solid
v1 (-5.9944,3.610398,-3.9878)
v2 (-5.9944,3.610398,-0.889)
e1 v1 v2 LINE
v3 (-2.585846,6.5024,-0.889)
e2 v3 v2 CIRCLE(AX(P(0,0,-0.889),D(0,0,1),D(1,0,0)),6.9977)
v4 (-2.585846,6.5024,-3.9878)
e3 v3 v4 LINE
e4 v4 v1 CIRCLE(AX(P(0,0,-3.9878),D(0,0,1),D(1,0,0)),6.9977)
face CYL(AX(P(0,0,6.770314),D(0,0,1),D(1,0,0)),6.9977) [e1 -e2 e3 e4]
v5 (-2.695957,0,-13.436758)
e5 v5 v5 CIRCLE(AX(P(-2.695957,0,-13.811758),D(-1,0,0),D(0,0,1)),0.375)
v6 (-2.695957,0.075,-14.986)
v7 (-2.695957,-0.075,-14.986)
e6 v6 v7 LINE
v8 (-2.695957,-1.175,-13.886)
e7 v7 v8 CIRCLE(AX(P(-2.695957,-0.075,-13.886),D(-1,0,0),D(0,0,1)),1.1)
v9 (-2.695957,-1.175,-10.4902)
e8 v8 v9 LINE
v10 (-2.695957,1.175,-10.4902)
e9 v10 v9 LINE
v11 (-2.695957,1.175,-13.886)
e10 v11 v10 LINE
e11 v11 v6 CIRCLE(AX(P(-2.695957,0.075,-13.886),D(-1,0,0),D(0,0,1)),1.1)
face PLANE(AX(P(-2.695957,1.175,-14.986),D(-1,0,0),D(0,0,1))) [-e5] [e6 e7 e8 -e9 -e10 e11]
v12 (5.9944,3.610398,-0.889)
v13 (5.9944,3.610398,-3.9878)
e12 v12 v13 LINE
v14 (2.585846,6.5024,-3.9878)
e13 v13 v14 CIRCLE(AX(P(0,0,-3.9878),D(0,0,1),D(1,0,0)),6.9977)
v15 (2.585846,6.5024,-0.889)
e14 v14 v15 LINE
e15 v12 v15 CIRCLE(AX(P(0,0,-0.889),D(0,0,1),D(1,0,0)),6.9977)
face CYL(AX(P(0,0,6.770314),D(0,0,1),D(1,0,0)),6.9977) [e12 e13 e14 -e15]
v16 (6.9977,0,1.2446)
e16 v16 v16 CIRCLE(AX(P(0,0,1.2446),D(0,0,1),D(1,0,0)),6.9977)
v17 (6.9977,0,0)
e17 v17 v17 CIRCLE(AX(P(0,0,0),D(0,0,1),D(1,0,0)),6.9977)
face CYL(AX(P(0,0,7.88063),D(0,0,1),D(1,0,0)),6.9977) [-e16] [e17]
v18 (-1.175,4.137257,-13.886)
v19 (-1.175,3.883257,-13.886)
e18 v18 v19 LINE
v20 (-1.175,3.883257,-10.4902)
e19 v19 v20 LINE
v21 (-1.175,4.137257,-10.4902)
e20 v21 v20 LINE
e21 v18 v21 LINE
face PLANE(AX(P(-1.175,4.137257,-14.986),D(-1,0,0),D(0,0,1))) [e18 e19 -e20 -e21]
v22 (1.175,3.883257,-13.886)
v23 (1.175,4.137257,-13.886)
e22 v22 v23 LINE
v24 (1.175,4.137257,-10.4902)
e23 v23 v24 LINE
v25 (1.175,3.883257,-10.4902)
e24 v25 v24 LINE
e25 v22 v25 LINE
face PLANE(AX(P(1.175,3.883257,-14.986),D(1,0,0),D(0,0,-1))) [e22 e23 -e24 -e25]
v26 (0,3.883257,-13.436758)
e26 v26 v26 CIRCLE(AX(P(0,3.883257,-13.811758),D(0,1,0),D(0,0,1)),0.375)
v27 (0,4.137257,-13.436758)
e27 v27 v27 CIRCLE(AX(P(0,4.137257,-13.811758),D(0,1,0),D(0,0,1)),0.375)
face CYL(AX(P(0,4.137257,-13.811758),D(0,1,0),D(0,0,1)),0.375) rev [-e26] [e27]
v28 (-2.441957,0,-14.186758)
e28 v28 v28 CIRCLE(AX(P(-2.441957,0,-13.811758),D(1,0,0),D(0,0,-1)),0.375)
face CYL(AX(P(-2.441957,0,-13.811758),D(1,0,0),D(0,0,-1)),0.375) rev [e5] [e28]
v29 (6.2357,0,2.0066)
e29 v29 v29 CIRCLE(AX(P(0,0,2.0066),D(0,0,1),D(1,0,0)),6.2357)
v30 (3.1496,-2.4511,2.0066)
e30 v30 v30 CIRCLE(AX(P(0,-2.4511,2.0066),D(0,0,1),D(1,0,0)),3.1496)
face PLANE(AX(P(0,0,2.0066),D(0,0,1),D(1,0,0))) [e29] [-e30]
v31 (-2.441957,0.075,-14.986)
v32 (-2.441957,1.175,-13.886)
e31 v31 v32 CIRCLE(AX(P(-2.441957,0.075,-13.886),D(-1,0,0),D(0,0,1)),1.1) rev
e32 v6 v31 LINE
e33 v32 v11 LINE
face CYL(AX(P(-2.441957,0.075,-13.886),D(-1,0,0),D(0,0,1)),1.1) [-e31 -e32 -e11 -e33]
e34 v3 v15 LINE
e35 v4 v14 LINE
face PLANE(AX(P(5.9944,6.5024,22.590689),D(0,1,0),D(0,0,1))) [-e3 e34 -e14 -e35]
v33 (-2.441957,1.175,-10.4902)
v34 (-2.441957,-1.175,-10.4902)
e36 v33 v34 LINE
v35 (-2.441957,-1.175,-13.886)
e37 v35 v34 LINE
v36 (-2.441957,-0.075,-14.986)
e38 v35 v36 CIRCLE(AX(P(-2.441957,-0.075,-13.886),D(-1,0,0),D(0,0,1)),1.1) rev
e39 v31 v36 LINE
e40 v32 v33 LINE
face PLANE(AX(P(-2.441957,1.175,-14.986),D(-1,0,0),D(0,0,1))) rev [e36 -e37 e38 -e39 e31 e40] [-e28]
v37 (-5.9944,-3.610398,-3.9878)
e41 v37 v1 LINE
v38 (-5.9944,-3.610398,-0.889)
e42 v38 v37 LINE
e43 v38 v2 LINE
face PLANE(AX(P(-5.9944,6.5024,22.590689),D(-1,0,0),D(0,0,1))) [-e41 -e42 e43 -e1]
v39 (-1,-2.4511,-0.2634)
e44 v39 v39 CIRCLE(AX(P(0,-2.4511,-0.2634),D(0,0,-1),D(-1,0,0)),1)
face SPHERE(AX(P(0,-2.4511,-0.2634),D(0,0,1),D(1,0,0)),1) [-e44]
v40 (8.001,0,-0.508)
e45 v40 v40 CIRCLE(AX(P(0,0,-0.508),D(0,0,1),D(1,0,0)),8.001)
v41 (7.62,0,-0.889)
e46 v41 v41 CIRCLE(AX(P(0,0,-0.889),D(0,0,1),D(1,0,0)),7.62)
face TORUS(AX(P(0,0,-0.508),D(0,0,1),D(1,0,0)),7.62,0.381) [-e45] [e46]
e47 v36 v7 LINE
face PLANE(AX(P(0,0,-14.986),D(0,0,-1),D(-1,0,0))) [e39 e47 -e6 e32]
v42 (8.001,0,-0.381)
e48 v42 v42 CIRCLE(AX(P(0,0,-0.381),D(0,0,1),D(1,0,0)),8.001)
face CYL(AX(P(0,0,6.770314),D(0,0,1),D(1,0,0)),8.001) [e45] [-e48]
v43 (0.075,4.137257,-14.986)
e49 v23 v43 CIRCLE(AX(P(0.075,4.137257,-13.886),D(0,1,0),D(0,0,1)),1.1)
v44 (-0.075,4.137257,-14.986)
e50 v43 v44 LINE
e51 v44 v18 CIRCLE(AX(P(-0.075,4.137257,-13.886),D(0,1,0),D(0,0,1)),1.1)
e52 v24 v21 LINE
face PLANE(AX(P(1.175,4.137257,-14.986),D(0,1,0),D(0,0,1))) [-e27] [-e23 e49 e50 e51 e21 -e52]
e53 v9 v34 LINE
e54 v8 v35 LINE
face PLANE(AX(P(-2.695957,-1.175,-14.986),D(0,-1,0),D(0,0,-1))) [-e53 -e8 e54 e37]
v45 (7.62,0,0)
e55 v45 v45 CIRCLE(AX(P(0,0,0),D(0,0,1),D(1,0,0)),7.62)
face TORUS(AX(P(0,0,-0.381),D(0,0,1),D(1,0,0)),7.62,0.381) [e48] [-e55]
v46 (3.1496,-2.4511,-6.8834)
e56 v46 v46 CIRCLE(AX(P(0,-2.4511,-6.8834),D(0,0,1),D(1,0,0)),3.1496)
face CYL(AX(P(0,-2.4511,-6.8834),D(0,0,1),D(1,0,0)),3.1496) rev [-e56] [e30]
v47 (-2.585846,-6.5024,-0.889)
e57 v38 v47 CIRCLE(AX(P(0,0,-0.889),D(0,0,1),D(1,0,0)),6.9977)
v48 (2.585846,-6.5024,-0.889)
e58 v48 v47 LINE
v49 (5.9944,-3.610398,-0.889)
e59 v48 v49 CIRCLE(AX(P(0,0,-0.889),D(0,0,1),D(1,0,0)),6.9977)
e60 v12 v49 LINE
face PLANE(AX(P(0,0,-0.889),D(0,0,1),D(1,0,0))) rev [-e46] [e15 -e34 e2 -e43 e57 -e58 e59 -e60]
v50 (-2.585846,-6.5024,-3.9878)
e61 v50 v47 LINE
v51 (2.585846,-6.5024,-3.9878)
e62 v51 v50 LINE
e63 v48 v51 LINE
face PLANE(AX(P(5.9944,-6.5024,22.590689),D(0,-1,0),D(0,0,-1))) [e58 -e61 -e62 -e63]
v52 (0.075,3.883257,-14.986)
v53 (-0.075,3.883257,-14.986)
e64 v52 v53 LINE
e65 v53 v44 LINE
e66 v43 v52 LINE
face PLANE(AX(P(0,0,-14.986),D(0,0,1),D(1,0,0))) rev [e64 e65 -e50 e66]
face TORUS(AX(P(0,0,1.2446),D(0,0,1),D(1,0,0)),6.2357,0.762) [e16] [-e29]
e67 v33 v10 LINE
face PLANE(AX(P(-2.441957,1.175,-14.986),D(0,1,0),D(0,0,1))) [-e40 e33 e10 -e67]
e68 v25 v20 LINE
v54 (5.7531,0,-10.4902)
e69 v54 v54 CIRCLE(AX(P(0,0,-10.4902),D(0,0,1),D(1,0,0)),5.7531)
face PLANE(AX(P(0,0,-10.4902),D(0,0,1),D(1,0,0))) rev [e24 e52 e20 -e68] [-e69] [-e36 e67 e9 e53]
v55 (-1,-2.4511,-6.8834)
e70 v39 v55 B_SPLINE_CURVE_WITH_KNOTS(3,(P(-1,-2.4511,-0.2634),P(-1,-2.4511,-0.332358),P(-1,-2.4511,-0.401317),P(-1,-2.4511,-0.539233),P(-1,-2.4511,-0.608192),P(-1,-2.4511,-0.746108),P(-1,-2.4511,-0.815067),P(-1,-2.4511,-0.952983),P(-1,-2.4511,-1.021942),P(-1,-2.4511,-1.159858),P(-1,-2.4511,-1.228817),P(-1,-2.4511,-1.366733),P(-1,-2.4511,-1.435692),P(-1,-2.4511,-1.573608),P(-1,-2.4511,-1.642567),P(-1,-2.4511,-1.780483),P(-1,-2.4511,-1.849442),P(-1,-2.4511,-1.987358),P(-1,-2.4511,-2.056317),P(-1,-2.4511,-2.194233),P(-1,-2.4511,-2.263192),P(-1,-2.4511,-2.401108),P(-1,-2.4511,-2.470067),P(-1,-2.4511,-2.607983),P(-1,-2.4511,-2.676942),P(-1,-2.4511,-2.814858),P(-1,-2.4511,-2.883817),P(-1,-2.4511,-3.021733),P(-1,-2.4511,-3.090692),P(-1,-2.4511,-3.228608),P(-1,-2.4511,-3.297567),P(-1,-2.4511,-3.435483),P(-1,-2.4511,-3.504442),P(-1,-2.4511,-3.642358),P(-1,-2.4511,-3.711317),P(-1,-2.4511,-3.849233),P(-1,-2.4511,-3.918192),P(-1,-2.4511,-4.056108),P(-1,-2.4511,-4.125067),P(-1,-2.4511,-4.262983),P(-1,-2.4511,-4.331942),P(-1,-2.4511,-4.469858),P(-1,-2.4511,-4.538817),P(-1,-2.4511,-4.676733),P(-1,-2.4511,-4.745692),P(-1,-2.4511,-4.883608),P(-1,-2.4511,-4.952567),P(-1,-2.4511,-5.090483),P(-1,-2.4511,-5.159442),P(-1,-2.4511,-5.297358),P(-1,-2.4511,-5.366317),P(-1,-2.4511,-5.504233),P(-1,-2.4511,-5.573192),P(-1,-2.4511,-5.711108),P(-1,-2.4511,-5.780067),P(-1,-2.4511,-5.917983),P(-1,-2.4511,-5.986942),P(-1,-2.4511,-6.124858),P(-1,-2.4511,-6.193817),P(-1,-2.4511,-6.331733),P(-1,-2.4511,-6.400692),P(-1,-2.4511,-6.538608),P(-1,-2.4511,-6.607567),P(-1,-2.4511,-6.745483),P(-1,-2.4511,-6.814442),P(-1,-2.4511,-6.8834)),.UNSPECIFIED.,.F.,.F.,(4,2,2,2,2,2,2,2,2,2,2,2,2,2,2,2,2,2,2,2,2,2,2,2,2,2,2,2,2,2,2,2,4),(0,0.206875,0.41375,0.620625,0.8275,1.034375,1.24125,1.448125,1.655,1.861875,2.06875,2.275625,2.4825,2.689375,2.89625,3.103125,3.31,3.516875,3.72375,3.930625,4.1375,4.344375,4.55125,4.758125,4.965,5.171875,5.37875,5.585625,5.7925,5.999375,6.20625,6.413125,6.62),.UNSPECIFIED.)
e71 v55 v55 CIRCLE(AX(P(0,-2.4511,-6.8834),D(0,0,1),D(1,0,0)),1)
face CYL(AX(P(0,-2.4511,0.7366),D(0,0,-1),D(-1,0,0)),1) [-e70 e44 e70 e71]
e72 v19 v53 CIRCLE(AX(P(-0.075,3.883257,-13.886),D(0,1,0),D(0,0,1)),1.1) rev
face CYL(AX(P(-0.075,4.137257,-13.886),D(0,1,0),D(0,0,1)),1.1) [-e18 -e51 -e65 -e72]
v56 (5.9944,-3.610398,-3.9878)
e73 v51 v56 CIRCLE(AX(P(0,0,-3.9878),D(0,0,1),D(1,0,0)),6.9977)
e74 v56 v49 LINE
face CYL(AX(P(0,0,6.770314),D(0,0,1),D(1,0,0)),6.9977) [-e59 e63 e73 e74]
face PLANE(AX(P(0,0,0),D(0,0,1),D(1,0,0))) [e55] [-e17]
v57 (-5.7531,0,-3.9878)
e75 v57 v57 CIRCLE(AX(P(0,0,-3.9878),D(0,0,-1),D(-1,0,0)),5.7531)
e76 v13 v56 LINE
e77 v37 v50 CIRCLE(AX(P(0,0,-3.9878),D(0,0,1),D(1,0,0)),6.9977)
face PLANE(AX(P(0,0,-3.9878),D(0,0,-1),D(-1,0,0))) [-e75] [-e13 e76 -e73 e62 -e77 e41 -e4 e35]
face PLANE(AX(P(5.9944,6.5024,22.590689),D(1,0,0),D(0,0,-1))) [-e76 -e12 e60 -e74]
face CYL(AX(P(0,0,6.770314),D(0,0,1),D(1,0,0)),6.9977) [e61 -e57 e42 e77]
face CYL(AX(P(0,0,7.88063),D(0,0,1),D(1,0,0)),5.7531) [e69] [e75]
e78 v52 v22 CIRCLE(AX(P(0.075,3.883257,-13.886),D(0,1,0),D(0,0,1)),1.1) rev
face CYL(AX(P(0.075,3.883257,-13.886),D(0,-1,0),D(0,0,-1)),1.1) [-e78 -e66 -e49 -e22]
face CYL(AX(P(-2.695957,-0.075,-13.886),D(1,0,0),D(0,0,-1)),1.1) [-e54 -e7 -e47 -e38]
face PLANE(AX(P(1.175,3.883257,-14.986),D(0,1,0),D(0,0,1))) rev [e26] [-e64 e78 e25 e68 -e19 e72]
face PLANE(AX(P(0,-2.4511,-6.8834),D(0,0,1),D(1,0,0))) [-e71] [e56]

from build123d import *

# Parameters (mm, degrees)
SKETCH2_W                    = 10.4902
SKETCH2_H                    = 5.7531
SKETCH3_W                    = 3.0988
SKETCH3_H                    = 1.2446
SKETCH4_R                    = 3.1496
CUT_EXTRUDE1_DEPTH           = 8.89
SKETCH5_R                    = 1
BOSS_EXTRUDE1_DEPTH          = 7.62
FILLET1_R                    = 1
SKETCH6_W                    = 2.35
SKETCH6_H                    = 0.254
SKETCH6_W_2                  = 0.254
SKETCH6_H_2                  = 2.35
EXTRUDE_THIN1_DEPTH          = 4.4958
FILLET2_R                    = 1.1
F_0_75_0_75_DIAMETER_HOLE1_D = 0.75
F_0_75_0_75_DIAMETER_HOLE2_D = 0.75
SKETCH16_OUTSIDE_W           = 23.662
SKETCH16_OUTSIDE_H           = 23.662
SKETCH16_OUTSIDE_W_2         = 11.9888
SKETCH16_OUTSIDE_H_2         = 13.0048
CUT_EXTRUDE2_DEPTH           = 9.6012


with BuildPart() as part:
    # Sketch2 → Revolve1 (revolve)
    with BuildSketch(Plane(origin=(0, 0, 0), x_dir=(0, 0, -1), z_dir=(1, 0, 0)), mode=Mode.PRIVATE) as revolve1_sk:
        with BuildLine():
            Line((-2.0066, 0), (0, 0))
            Line((0, 0), (0, 5.7531))
            Line((0, 5.7531), (0, 6.9977))
            Line((0, 6.9977), (-1.2446, 6.9977))
            ThreePointArc((-1.2446, 6.9977), (-1.783415367, 6.774515367), (-2.0066, 6.2357))
            Line((-2.0066, 6.2357), (-2.0066, 0))
        make_face()
        with Locations((5.2451, 2.87655)):
            Rectangle(SKETCH2_W, SKETCH2_H)
    revolve(revolve1_sk.sketch.rotate(Axis((0, 0, 7.880629527), (0, 0, -1)), 90), axis=Axis((0, 0, 7.880629527), (0, 0, -1)))

    # Sketch4 → Cut-Extrude1 (cut)
    with BuildSketch(Plane.XY.offset(2.0066)):
        with Locations((0, -2.4511)):
            Circle(SKETCH4_R)
    extrude(amount=-CUT_EXTRUDE1_DEPTH, mode=Mode.SUBTRACT)


with BuildPart() as body_2:
    # Sketch3 → Revolve2 (revolve)
    with BuildSketch(Plane(origin=(0, 0, 0), x_dir=(0, 0, -1), z_dir=(1, 0, 0)), mode=Mode.PRIVATE) as revolve2_sk:
        with Locations((2.4384, 6.3754)):
            Rectangle(SKETCH3_W, SKETCH3_H)
        with BuildLine():
            ThreePointArc((0, 7.62), (0.111592316, 7.889407684), (0.381, 8.001))
            Line((0.381, 8.001), (0.508, 8.001))
            ThreePointArc((0.508, 8.001), (0.777407684, 7.889407684), (0.889, 7.62))
            Line((0.889, 7.62), (0.889, 5.7531))
            Line((0.889, 5.7531), (0, 5.7531))
            Line((0, 5.7531), (0, 7.62))
        make_face()
    revolve(revolve2_sk.sketch.rotate(Axis((0, 0, 6.77031441), (0, 0, -1)), 90), axis=Axis((0, 0, 6.77031441), (0, 0, -1)))


    add(part.part)  # Boss-Extrude1 merges part
    # Sketch5 → Boss-Extrude1 (add)
    with BuildSketch(Plane.XY.offset(-6.8834)):
        with Locations(Location((0, -2.4511, 0), (0, 0, 180))):
            Circle(SKETCH5_R)
    extrude(amount=BOSS_EXTRUDE1_DEPTH)

    # Fillet1
    fillet1_edges = [body_2.edges().sort_by_distance(p)[0] for p in [
        (1, -2.4511, 0.7366),
    ]]
    fillet(fillet1_edges, radius=FILLET1_R)

    # Sketch6 → Extrude-Thin1 (add)
    with BuildSketch(Plane(origin=(0, 0, -10.4902), x_dir=(-1, 0, 0), z_dir=(0, 0, -1))):
        with Locations((0, 4.010257453)):
            Rectangle(SKETCH6_W, SKETCH6_H)
        with Locations((2.568957238, 0)):
            Rectangle(SKETCH6_W_2, SKETCH6_H_2)
    extrude(amount=EXTRUDE_THIN1_DEPTH)

    # Fillet2
    fillet2_edges = [body_2.edges().sort_by_distance(p)[0] for p in [
        (-1.175, 4.010257453, -14.986),
        (1.175, 4.010257453, -14.986),
        (-2.568957238, -1.175, -14.986),
        (-2.568957238, 1.175, -14.986),
    ]]
    fillet(fillet2_edges, radius=FILLET2_R)

    # Ø0.75 (0.75) Diameter Hole1 (through all)
    with Locations(Plane(origin=(-2.441957238, 0, 0), x_dir=(0, 0, -1), z_dir=(1, 0, 0))):
        with Locations((13.811758, 0)):
            Hole(F_0_75_0_75_DIAMETER_HOLE1_D / 2)

    # Ø0.75 (0.75) Diameter Hole2 (through all)
    with Locations(Plane(origin=(0, 4.137257453, 0), x_dir=(1, 0, 0), z_dir=(0, 1, 0))):
        with Locations((0, 13.811758)):
            Hole(F_0_75_0_75_DIAMETER_HOLE2_D / 2)

    # Sketch16 outside → Cut-Extrude2 (cut)
    with BuildSketch(Plane(origin=(0, 0, -10.4902), x_dir=(-1, 0, 0), z_dir=(0, 0, -1))):
        Rectangle(SKETCH16_OUTSIDE_W, SKETCH16_OUTSIDE_H)
        Rectangle(SKETCH16_OUTSIDE_W_2, SKETCH16_OUTSIDE_H_2, mode=Mode.SUBTRACT)
    extrude(amount=-CUT_EXTRUDE2_DEPTH, mode=Mode.SUBTRACT)


solid = body_2.part
